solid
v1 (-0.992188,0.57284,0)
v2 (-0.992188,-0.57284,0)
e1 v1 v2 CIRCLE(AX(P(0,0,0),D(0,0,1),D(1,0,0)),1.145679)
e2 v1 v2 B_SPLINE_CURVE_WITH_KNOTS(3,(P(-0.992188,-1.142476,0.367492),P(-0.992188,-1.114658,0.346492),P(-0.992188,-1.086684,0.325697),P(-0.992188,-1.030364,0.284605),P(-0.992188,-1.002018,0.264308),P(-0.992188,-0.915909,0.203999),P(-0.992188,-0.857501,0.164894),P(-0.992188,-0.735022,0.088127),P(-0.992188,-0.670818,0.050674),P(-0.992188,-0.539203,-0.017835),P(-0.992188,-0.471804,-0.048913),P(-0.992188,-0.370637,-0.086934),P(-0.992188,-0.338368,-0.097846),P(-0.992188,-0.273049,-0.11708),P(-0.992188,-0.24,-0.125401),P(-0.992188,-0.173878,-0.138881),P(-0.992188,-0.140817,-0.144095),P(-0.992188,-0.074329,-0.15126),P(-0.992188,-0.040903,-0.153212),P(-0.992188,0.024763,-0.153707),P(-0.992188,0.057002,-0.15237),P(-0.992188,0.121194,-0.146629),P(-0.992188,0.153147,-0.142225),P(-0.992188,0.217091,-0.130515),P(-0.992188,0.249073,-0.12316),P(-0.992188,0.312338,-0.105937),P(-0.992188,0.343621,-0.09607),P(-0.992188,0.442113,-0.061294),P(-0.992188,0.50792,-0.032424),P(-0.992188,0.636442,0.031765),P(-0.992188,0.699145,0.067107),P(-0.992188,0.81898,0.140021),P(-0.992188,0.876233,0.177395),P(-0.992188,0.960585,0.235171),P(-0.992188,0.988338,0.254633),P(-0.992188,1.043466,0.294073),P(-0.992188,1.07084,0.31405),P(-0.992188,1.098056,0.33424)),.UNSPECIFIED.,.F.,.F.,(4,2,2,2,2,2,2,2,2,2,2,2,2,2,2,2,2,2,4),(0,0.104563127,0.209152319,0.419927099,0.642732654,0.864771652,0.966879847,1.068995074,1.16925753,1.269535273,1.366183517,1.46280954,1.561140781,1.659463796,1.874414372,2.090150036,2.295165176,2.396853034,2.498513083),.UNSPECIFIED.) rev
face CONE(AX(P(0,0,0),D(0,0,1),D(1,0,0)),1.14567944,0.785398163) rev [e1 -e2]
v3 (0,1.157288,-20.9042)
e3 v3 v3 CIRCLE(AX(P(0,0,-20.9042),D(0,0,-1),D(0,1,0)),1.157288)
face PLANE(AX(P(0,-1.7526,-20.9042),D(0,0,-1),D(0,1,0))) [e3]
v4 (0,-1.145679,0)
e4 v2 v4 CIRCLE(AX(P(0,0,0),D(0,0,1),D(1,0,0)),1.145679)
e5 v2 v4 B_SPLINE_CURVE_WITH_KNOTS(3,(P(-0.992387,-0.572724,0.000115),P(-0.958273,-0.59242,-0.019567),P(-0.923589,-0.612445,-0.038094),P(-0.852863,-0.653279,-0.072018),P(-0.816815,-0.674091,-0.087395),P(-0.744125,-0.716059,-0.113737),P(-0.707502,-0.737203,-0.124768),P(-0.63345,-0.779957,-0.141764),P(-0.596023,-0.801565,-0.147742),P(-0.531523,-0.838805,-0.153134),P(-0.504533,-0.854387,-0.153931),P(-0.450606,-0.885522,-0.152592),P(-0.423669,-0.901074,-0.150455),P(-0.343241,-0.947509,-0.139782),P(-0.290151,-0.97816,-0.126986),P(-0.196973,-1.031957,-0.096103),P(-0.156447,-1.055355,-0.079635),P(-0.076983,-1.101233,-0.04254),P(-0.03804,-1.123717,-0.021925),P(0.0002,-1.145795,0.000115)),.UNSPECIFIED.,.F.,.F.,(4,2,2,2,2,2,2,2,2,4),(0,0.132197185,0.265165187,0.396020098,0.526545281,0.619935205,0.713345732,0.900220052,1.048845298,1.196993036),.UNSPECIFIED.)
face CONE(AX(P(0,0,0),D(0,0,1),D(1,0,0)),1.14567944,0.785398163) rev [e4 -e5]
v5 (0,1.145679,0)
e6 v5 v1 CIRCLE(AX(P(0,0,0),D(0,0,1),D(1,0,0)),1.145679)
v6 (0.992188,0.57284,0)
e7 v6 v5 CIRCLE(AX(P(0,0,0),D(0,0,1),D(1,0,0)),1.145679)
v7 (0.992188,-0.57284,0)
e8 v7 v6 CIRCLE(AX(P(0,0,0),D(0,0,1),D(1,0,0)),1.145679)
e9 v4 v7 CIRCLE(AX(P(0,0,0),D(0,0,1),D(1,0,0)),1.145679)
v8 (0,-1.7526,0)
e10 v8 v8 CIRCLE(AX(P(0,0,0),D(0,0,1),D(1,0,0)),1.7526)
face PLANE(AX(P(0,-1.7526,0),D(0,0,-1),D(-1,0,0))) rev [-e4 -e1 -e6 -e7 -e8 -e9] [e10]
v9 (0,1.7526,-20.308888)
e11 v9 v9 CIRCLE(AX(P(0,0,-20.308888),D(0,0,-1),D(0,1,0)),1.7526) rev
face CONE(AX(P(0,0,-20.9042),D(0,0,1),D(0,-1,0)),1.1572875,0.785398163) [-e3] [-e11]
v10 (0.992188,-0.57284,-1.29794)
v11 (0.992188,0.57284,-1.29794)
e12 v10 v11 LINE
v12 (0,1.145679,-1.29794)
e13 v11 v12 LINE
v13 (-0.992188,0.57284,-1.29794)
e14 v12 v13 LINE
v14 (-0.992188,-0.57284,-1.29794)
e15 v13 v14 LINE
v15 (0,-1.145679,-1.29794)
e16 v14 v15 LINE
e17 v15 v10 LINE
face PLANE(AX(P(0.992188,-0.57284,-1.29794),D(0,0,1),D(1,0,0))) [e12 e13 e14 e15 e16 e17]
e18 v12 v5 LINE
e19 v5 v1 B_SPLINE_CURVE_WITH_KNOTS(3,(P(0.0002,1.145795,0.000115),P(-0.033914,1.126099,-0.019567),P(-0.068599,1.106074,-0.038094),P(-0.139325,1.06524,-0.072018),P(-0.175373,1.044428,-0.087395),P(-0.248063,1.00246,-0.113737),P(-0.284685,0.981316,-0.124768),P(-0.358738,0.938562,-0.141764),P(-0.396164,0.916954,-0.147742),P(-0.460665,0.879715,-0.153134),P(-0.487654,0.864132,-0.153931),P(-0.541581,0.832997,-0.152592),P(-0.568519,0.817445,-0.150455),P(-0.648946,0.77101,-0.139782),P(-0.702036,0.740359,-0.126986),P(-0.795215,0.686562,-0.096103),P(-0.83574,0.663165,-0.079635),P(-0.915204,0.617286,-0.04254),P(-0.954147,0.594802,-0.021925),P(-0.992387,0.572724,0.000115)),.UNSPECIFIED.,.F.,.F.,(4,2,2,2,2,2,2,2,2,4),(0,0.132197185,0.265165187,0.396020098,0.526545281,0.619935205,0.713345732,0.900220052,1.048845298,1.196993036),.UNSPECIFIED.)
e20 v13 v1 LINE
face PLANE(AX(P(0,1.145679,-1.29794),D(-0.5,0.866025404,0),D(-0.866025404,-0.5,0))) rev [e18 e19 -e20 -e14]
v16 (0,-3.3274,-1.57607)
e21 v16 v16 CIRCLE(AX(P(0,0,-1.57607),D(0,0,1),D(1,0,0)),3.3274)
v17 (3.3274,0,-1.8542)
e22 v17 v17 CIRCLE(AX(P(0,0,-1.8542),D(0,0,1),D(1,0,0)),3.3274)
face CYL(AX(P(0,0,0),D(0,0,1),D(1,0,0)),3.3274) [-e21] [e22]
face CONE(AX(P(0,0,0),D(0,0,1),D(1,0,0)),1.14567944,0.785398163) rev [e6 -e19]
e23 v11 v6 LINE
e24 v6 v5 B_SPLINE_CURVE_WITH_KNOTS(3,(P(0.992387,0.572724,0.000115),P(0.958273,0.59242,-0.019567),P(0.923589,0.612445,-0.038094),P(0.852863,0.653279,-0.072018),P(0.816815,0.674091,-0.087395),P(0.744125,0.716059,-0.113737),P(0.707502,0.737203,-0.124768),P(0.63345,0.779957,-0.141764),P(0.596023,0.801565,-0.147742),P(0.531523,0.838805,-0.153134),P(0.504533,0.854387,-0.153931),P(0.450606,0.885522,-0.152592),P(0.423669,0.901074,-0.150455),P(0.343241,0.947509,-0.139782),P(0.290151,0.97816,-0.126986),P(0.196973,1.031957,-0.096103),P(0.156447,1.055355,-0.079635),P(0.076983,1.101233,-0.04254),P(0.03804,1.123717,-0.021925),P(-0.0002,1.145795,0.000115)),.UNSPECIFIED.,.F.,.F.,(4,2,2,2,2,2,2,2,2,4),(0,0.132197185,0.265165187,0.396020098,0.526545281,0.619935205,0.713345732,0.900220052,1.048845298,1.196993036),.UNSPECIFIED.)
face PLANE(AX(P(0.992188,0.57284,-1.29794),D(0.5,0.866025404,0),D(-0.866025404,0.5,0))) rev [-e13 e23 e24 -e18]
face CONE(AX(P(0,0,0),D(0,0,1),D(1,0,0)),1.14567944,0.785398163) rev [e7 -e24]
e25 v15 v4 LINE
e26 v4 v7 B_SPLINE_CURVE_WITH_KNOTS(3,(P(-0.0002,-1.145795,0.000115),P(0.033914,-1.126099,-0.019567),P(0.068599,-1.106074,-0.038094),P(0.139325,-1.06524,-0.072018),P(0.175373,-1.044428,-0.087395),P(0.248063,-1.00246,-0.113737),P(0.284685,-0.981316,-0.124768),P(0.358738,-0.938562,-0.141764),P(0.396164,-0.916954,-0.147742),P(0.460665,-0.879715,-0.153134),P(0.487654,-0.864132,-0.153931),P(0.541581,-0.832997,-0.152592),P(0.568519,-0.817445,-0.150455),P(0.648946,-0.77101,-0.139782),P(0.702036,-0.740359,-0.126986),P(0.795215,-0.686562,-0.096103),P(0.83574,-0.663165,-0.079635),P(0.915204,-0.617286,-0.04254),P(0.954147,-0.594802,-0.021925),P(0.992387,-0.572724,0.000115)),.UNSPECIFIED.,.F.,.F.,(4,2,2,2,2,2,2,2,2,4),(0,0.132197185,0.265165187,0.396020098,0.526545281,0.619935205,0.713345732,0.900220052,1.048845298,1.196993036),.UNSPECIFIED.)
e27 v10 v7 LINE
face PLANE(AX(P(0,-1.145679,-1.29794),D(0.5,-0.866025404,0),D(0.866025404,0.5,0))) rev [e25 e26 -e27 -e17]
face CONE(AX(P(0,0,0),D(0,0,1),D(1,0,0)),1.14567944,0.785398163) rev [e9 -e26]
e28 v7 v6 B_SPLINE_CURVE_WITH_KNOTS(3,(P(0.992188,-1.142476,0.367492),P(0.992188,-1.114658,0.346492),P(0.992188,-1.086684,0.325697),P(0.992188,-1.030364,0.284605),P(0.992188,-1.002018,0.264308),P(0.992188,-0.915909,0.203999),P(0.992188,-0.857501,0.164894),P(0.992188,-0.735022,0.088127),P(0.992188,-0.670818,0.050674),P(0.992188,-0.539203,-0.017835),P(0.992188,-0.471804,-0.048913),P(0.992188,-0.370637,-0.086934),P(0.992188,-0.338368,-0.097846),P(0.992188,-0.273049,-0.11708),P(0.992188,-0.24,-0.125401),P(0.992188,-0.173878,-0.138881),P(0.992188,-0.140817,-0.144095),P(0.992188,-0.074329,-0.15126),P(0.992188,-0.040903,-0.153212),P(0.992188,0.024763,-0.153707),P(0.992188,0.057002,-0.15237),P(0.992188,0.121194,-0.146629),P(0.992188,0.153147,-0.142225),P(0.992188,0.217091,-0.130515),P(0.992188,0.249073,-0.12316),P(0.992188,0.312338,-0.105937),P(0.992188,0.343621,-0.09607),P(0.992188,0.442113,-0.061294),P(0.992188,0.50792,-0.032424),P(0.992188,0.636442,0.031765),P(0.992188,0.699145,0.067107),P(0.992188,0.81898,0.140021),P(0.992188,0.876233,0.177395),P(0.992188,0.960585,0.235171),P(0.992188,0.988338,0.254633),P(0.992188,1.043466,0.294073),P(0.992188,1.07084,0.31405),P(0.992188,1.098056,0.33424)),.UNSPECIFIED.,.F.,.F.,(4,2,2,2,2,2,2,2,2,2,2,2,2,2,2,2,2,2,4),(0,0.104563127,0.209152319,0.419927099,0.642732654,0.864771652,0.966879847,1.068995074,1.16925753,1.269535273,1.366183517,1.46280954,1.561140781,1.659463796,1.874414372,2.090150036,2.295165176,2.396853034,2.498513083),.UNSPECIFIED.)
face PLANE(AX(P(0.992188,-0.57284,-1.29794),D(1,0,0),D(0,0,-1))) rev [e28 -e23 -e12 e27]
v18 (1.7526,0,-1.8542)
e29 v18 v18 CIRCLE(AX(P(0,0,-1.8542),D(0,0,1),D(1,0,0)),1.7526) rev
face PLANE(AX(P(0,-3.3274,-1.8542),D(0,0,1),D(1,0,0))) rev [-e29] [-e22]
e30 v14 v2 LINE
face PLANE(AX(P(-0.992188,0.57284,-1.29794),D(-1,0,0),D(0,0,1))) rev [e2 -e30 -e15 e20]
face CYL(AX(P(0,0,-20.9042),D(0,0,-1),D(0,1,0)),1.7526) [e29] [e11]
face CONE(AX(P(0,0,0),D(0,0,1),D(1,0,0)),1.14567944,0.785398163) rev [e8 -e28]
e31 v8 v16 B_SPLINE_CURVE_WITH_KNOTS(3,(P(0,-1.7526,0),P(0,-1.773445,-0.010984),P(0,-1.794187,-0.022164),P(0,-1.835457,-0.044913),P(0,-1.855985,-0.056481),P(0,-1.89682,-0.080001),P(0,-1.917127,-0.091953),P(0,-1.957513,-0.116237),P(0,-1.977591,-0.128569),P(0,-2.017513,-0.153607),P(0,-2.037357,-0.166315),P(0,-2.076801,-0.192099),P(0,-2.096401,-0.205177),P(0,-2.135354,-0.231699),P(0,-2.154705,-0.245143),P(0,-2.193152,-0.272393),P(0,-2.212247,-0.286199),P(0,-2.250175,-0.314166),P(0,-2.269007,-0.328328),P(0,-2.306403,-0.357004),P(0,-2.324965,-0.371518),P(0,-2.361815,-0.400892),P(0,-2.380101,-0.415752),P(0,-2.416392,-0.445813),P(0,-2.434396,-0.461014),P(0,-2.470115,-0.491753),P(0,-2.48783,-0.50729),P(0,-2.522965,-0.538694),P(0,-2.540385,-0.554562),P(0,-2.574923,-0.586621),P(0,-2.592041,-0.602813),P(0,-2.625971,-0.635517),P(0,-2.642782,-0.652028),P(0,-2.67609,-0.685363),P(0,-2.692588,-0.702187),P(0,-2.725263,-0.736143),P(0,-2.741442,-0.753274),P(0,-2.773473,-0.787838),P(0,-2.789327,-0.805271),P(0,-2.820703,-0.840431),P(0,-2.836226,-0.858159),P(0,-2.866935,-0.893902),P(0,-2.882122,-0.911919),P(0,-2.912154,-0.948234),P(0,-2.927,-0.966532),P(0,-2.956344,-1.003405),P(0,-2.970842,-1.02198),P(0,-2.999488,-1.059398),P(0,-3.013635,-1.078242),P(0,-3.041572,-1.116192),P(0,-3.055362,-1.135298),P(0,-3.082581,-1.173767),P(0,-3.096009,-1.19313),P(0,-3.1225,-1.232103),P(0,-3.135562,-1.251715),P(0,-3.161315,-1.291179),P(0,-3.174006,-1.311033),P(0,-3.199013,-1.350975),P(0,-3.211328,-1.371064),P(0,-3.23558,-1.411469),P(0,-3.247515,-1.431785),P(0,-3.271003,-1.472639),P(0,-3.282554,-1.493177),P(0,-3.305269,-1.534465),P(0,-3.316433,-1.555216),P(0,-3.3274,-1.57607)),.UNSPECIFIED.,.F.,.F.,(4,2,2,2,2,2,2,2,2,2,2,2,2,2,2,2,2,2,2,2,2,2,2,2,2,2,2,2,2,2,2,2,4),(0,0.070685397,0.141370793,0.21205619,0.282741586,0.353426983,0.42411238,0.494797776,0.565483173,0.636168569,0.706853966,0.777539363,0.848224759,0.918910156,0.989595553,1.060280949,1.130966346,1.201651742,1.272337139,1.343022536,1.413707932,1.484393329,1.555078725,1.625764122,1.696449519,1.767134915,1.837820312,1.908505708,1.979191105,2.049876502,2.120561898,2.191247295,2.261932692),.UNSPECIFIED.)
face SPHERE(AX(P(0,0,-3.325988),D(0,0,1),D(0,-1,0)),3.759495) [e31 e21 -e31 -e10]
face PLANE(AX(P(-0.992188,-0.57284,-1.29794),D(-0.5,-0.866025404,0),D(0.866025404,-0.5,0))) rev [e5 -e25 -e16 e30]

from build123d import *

# Parameters (mm, degrees)
SKETCH1_W          = 19.05
SKETCH1_H          = 1.7526
CHAMFER1_SIZE      = 0.5953125
CUT_EXTRUDE2_DEPTH = 1.29794


with BuildPart() as part:
    # Sketch1 → Revolve1 (revolve)
    with BuildSketch(Plane(origin=(0, 0, 0), x_dir=(0, 0, -1), z_dir=(1, 0, 0))):
        with Locations((11.3792, 0.8763)):
            Rectangle(SKETCH1_W, SKETCH1_H)
    revolve(axis=Axis((0, 0, -20.9042), (0, 0, 1)))

    # Chamfer1
    chamfer1_edges = [part.edges().sort_by_distance(p)[0] for p in [
        (0, -1.7526, -20.9042),
    ]]
    chamfer(chamfer1_edges, length=CHAMFER1_SIZE)

    # Sketch7 → Revolve2 (revolve)
    with BuildSketch(Plane(origin=(0, 0, 0), x_dir=(0, 0, -1), z_dir=(1, 0, 0))):
        with BuildLine():
            Line((1.57607, 3.3274), (1.8542, 3.3274))
            Line((1.8542, 3.3274), (1.8542, 0))
            Line((1.8542, 0), (0, 0))
            Line((0, 0), (0, 1.7526))
            ThreePointArc((0, 1.7526), (0.668695369, 2.659435873), (1.57607, 3.3274))
        make_face()
    revolve(axis=Axis((0, 0, 0), (0, 0, -1)))

    # Sketch5 → Cut-Extrude2 (cut)
    with BuildSketch(Plane.XY):
        Polygon((0.9921875, -0.57283972), (0.9921875, 0.57283972), (0, 1.14567944), (-0.9921875, 0.57283972), (-0.9921875, -0.57283972), (0, -1.14567944), align=None)
    extrude(amount=-CUT_EXTRUDE2_DEPTH, mode=Mode.SUBTRACT)

    # Cut-Extrude3 cone 1 section (through the dimple's axis) → Cut-Extrude3 (revolve, cut)
    with BuildSketch(Plane(origin=(0, 0, 0), x_dir=(0, -1, 0), z_dir=(1, 0, 0))):
        Polygon((0, 0), (1.14567944, 0), (0, 1.14567944), align=None)
    revolve(axis=Axis((0, 0, 0), (0, 0, -1)), mode=Mode.SUBTRACT)


solid = part.part
